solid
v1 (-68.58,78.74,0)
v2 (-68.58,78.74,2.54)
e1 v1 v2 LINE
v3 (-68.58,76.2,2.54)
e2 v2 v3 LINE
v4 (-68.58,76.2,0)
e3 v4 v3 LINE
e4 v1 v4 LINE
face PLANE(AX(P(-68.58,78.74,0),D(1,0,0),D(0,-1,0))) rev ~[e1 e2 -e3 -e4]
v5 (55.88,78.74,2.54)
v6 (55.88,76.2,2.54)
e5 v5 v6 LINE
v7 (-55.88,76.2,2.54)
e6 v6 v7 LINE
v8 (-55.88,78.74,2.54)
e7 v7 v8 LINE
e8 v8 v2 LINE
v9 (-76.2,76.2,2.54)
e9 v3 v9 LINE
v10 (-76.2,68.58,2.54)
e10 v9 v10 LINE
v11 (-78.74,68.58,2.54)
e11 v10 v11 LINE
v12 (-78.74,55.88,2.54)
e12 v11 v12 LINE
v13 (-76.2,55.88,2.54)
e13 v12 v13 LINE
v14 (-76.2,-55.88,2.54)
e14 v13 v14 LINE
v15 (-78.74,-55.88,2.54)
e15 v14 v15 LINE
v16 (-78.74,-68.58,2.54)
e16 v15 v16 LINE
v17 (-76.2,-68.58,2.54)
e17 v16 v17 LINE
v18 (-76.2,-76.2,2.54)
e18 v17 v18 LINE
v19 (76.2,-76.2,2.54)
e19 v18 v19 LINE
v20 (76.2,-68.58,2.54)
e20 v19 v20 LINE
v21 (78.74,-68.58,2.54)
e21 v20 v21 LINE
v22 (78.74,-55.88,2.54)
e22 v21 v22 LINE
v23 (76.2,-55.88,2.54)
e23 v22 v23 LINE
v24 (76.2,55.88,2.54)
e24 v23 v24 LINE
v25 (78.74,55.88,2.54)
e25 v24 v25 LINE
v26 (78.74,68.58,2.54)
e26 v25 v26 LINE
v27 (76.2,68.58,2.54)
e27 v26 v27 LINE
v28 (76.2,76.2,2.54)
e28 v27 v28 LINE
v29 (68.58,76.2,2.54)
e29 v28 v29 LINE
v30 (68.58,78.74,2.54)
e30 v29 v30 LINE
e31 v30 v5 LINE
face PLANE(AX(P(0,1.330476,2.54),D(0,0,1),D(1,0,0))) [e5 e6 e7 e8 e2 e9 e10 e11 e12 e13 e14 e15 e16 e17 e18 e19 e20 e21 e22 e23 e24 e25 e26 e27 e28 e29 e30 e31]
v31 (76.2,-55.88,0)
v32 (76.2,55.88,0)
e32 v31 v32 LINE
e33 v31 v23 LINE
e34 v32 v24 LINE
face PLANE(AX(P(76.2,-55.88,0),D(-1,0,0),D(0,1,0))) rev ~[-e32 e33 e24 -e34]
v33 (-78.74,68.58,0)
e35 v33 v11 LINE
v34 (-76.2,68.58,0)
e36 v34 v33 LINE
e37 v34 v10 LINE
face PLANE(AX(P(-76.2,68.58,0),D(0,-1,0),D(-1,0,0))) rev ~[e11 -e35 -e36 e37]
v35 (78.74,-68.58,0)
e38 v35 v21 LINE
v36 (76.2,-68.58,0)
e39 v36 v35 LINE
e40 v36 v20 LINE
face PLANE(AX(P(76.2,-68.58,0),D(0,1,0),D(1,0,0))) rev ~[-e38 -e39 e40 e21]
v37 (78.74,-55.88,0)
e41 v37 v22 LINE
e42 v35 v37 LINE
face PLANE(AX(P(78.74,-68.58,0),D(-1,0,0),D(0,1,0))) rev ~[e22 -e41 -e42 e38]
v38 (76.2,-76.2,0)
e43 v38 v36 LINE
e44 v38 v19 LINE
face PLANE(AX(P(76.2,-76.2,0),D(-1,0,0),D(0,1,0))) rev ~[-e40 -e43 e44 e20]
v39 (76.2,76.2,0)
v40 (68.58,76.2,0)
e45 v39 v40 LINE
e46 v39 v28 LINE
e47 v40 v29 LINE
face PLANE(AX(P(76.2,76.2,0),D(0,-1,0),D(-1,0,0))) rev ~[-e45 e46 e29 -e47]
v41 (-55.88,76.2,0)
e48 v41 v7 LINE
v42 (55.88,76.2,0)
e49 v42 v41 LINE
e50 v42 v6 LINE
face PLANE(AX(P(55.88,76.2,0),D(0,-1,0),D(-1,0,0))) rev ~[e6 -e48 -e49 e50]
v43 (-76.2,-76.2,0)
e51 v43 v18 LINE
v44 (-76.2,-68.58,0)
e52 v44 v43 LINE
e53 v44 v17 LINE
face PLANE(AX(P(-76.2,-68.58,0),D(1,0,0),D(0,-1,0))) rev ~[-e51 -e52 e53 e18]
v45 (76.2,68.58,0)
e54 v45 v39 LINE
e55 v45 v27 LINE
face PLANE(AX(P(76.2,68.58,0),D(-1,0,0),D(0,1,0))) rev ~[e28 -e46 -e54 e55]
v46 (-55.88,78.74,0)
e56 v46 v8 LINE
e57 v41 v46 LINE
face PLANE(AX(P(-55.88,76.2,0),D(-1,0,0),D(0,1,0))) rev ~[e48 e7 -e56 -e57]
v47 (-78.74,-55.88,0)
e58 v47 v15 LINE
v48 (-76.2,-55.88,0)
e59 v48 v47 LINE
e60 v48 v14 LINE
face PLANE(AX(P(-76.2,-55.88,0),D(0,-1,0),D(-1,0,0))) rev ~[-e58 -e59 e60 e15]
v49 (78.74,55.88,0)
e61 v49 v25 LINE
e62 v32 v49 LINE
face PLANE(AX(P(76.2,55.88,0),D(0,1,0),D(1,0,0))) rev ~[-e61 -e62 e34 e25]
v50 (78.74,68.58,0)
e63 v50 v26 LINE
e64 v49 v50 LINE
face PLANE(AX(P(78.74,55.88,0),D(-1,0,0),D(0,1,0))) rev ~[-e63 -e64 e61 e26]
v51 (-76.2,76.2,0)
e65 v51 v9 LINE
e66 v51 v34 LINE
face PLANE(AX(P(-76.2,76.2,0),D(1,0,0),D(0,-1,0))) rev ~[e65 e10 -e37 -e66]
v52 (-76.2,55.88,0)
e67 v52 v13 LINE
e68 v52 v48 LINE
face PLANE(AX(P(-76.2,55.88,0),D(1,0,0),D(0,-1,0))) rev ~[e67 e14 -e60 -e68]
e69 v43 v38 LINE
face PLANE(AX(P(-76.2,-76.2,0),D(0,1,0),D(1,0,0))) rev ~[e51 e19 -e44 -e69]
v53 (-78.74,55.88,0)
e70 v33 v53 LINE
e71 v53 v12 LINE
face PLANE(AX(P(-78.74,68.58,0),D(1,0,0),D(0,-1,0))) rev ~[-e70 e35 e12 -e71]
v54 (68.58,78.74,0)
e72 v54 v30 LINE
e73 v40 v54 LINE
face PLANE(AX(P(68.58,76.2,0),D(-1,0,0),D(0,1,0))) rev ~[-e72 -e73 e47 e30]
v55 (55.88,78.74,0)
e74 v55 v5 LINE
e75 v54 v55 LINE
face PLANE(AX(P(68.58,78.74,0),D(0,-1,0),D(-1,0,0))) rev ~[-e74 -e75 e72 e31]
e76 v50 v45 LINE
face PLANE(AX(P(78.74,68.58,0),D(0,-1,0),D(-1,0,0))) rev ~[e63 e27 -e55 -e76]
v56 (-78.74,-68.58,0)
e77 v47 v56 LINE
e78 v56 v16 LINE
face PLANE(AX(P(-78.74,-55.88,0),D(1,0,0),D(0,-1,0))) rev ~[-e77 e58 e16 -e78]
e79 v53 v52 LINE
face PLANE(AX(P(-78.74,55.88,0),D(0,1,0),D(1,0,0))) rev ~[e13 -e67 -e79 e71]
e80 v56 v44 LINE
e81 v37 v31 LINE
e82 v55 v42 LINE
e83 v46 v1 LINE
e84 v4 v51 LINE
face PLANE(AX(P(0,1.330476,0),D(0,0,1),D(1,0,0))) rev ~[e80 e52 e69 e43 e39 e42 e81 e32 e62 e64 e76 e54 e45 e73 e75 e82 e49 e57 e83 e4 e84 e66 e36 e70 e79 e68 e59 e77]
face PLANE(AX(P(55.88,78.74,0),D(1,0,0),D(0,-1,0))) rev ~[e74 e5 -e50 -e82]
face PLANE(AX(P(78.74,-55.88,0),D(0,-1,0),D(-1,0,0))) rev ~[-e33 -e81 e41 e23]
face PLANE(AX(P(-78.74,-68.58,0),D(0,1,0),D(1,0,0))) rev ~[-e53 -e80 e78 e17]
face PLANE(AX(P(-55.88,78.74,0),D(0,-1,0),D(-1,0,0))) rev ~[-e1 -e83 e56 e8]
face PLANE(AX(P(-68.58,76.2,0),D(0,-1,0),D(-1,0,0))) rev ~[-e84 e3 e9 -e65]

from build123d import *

# Parameters (mm, degrees)
F1_DEPTH = 2.54


with BuildPart() as f1:
    # F0 (on Top) → F1 (new body)
    with BuildSketch(Plane.XY):
        Polygon((-76.2, -76.2), (76.2, -76.2), (76.2, -68.58), (78.74, -68.58), (78.74, -55.88), (76.2, -55.88), (76.2, -50.8), (76.2, 50.8), (76.2, 55.88), (78.74, 55.88), (78.74, 68.58), (76.2, 68.58), (76.2, 76.2), (68.58, 76.2), (68.58, 78.74), (55.88, 78.74), (55.88, 76.2), (-55.88, 76.2), (-55.88, 78.74), (-68.58, 78.74), (-68.58, 76.2), (-76.2, 76.2), (-76.2, 68.58), (-78.74, 68.58), (-78.74, 55.88), (-76.2, 55.88), (-76.2, 50.8), (-76.2, -50.8), (-76.2, -55.88), (-78.74, -55.88), (-78.74, -68.58), (-76.2, -68.58), align=None)
    extrude(amount=F1_DEPTH)


solid = f1.part
